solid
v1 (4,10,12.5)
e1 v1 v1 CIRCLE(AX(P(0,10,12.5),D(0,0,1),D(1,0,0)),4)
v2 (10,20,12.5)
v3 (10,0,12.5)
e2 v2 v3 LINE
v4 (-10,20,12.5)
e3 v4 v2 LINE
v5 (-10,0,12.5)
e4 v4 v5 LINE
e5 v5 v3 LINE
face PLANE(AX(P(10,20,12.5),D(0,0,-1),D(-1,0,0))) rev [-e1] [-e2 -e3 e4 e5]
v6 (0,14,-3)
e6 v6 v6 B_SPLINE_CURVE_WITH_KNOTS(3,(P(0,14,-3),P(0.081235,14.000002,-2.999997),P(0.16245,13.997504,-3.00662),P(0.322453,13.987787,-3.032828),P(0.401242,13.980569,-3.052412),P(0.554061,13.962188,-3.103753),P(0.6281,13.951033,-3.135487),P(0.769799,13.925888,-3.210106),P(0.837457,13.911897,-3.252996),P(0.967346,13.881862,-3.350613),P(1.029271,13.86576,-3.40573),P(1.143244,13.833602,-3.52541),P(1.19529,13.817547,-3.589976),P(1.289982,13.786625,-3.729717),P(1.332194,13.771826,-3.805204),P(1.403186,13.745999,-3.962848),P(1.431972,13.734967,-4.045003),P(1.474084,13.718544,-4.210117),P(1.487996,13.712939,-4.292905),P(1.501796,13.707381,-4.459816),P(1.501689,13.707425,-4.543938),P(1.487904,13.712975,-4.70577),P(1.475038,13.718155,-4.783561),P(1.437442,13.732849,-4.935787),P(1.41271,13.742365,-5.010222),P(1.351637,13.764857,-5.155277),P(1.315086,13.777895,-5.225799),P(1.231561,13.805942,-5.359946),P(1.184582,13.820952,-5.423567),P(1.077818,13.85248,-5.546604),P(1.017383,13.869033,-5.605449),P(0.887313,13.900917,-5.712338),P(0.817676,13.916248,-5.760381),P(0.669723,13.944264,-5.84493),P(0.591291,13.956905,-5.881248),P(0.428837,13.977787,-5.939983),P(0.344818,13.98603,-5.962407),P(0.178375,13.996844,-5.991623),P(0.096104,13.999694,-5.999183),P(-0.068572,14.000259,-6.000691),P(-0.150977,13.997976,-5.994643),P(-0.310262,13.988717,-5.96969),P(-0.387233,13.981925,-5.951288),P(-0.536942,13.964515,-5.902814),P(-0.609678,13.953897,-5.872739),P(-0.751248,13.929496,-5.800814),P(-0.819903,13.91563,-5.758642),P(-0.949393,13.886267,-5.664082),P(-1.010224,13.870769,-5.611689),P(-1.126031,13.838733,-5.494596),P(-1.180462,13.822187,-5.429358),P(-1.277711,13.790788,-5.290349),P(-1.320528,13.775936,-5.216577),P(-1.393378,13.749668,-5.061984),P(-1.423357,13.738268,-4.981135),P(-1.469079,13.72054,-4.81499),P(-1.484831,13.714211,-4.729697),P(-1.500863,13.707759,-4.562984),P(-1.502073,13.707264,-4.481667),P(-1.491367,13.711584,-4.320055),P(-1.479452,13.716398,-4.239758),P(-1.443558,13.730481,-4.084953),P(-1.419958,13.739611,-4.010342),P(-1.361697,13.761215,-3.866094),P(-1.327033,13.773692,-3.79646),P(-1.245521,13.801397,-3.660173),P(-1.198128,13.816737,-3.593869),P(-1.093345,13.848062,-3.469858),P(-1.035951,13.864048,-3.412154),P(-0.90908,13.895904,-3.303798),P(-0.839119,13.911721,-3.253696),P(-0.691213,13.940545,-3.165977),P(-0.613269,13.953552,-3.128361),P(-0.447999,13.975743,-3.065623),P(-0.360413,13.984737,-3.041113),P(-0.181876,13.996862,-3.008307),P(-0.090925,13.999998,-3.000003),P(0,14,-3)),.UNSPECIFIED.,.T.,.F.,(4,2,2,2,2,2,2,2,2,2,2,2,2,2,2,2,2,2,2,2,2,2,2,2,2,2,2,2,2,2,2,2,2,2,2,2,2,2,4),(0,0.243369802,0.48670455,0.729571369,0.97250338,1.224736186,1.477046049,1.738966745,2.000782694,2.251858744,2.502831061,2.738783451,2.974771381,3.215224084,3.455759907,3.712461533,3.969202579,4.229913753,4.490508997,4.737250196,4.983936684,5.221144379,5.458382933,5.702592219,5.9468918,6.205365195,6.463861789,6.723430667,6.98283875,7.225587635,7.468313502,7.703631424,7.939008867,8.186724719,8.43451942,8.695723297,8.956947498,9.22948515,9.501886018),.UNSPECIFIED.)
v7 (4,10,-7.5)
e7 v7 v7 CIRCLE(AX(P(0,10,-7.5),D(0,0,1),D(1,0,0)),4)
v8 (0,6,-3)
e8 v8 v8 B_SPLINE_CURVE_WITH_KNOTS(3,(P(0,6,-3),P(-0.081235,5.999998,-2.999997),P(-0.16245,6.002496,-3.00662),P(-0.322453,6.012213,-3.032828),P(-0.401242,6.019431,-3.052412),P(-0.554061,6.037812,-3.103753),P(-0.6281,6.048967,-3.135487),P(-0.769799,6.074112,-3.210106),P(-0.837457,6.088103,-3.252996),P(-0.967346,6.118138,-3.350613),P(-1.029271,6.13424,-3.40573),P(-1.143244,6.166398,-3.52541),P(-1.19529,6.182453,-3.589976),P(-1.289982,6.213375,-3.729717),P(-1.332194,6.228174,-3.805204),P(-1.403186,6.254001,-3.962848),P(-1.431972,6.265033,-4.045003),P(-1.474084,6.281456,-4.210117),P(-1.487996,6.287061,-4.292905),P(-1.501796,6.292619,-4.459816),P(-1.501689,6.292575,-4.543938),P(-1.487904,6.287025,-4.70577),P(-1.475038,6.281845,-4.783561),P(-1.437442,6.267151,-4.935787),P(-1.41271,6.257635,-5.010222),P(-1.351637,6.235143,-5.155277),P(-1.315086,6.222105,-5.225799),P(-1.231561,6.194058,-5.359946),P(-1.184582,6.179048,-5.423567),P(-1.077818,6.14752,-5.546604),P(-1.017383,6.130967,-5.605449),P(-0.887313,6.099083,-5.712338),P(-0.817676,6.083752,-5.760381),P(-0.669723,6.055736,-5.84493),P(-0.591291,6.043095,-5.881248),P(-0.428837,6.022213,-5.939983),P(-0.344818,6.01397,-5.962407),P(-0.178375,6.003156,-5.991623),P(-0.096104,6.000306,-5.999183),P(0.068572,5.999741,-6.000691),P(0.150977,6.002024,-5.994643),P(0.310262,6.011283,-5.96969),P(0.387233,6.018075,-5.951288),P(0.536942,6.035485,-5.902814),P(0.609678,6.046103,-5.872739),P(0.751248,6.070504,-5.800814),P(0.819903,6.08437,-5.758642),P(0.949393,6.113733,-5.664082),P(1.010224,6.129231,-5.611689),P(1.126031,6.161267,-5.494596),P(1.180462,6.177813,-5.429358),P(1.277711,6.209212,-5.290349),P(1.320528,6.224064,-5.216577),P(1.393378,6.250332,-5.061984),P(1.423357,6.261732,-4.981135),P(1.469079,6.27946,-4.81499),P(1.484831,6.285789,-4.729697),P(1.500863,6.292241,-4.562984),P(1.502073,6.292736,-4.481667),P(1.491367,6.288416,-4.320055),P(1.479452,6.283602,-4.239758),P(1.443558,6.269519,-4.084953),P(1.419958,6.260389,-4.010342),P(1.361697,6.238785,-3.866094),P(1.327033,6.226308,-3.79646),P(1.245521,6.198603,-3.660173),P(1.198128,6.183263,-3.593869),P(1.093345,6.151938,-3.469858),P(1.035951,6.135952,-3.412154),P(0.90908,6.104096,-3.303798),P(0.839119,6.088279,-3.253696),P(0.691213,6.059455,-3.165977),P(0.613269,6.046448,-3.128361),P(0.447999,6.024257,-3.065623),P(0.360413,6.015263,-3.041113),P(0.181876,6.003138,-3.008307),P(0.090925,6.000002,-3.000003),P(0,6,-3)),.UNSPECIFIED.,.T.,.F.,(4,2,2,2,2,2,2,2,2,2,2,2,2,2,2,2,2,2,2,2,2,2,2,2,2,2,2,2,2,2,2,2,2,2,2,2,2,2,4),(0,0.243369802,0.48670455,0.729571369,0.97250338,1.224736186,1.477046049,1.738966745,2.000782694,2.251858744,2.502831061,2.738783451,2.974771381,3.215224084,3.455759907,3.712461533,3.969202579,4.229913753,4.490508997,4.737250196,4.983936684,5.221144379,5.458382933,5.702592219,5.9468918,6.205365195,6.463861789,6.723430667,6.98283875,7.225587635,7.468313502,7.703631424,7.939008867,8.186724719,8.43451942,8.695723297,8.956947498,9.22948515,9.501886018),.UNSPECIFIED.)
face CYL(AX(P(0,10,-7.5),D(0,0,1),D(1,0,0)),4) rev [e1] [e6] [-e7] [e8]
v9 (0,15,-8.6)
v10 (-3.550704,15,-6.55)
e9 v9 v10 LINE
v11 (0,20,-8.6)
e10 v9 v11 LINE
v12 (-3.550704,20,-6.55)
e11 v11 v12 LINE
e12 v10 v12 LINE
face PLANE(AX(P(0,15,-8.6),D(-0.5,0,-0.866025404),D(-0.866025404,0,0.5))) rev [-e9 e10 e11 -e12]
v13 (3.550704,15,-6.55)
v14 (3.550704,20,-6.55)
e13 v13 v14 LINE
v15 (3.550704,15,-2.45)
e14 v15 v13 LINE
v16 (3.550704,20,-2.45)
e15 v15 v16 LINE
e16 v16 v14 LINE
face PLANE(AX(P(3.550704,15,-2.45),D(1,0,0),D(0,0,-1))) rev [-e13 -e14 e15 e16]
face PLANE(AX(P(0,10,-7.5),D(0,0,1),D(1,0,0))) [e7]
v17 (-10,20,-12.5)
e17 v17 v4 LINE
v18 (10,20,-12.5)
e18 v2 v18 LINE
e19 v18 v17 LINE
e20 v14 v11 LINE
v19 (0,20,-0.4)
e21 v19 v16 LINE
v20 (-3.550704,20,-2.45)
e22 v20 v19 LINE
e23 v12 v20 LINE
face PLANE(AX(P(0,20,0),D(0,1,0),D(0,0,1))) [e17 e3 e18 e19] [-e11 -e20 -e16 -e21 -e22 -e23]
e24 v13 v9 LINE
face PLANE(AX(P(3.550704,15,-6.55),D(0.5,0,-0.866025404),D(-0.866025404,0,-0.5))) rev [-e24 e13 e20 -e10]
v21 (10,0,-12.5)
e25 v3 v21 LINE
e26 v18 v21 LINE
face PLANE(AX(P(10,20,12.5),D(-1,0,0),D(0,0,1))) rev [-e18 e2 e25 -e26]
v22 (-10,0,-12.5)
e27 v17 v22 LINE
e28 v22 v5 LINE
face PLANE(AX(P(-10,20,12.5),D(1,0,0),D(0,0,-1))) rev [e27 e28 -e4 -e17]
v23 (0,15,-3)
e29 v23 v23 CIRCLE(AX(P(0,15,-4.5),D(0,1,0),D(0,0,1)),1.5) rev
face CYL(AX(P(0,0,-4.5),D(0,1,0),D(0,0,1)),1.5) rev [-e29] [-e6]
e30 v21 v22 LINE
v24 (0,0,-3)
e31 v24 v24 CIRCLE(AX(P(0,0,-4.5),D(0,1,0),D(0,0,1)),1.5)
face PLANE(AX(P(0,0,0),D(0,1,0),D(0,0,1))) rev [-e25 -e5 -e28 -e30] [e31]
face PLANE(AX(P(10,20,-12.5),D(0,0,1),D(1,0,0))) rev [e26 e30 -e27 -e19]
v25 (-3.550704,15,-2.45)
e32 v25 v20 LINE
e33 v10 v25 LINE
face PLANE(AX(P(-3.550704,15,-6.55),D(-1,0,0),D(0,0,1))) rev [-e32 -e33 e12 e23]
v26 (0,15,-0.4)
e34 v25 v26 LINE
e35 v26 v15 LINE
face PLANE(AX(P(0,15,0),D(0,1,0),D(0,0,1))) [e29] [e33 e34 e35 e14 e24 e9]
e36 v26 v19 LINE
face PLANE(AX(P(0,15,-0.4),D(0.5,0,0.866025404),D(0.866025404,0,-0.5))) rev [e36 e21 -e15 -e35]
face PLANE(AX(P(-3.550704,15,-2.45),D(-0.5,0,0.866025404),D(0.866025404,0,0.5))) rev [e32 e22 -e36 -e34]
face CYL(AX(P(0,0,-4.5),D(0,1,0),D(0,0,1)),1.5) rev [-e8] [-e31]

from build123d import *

# Parameters (mm, degrees)
SKETCH1_W           = 20
SKETCH1_H           = 25
BOSS_EXTRUDE1_DEPTH = 20
SKETCH2_R           = 4
CUT_EXTRUDE1_DEPTH  = 20
SKETCH3_R           = 1.5
CUT_EXTRUDE2_DEPTH  = 21
CUT_EXTRUDE3_DEPTH  = 5


with BuildPart() as part:
    # Sketch1 → Boss-Extrude1 (new body)
    with BuildSketch(Plane(origin=(0, 0, 0), x_dir=(1, 0, 0), z_dir=(0, 1, 0))):
        Rectangle(SKETCH1_W, SKETCH1_H)
    extrude(amount=BOSS_EXTRUDE1_DEPTH)

    # Sketch2 → Cut-Extrude1 (cut)
    with BuildSketch(Plane.XY.offset(12.5)):
        with Locations((0, 10)):
            Circle(SKETCH2_R)
    extrude(amount=-CUT_EXTRUDE1_DEPTH, mode=Mode.SUBTRACT)

    # Sketch3 → Cut-Extrude2 (cut, through all)
    with BuildSketch(Plane(origin=(0, 20, 0), x_dir=(1, 0, 0), z_dir=(0, 1, 0))):
        with Locations((0, 4.5)):
            Circle(SKETCH3_R)
    extrude(amount=-CUT_EXTRUDE2_DEPTH, mode=Mode.SUBTRACT)

    # Sketch4 → Cut-Extrude3 (cut)
    with BuildSketch(Plane(origin=(0, 20, 0), x_dir=(1, 0, 0), z_dir=(0, 1, 0))):
        Polygon((0, 8.6), (-3.550704156, 6.55), (-3.550704156, 2.45), (0, 0.4), (3.550704156, 2.45), (3.550704156, 6.55), align=None)
    extrude(amount=-CUT_EXTRUDE3_DEPTH, mode=Mode.SUBTRACT)


solid = part.part
